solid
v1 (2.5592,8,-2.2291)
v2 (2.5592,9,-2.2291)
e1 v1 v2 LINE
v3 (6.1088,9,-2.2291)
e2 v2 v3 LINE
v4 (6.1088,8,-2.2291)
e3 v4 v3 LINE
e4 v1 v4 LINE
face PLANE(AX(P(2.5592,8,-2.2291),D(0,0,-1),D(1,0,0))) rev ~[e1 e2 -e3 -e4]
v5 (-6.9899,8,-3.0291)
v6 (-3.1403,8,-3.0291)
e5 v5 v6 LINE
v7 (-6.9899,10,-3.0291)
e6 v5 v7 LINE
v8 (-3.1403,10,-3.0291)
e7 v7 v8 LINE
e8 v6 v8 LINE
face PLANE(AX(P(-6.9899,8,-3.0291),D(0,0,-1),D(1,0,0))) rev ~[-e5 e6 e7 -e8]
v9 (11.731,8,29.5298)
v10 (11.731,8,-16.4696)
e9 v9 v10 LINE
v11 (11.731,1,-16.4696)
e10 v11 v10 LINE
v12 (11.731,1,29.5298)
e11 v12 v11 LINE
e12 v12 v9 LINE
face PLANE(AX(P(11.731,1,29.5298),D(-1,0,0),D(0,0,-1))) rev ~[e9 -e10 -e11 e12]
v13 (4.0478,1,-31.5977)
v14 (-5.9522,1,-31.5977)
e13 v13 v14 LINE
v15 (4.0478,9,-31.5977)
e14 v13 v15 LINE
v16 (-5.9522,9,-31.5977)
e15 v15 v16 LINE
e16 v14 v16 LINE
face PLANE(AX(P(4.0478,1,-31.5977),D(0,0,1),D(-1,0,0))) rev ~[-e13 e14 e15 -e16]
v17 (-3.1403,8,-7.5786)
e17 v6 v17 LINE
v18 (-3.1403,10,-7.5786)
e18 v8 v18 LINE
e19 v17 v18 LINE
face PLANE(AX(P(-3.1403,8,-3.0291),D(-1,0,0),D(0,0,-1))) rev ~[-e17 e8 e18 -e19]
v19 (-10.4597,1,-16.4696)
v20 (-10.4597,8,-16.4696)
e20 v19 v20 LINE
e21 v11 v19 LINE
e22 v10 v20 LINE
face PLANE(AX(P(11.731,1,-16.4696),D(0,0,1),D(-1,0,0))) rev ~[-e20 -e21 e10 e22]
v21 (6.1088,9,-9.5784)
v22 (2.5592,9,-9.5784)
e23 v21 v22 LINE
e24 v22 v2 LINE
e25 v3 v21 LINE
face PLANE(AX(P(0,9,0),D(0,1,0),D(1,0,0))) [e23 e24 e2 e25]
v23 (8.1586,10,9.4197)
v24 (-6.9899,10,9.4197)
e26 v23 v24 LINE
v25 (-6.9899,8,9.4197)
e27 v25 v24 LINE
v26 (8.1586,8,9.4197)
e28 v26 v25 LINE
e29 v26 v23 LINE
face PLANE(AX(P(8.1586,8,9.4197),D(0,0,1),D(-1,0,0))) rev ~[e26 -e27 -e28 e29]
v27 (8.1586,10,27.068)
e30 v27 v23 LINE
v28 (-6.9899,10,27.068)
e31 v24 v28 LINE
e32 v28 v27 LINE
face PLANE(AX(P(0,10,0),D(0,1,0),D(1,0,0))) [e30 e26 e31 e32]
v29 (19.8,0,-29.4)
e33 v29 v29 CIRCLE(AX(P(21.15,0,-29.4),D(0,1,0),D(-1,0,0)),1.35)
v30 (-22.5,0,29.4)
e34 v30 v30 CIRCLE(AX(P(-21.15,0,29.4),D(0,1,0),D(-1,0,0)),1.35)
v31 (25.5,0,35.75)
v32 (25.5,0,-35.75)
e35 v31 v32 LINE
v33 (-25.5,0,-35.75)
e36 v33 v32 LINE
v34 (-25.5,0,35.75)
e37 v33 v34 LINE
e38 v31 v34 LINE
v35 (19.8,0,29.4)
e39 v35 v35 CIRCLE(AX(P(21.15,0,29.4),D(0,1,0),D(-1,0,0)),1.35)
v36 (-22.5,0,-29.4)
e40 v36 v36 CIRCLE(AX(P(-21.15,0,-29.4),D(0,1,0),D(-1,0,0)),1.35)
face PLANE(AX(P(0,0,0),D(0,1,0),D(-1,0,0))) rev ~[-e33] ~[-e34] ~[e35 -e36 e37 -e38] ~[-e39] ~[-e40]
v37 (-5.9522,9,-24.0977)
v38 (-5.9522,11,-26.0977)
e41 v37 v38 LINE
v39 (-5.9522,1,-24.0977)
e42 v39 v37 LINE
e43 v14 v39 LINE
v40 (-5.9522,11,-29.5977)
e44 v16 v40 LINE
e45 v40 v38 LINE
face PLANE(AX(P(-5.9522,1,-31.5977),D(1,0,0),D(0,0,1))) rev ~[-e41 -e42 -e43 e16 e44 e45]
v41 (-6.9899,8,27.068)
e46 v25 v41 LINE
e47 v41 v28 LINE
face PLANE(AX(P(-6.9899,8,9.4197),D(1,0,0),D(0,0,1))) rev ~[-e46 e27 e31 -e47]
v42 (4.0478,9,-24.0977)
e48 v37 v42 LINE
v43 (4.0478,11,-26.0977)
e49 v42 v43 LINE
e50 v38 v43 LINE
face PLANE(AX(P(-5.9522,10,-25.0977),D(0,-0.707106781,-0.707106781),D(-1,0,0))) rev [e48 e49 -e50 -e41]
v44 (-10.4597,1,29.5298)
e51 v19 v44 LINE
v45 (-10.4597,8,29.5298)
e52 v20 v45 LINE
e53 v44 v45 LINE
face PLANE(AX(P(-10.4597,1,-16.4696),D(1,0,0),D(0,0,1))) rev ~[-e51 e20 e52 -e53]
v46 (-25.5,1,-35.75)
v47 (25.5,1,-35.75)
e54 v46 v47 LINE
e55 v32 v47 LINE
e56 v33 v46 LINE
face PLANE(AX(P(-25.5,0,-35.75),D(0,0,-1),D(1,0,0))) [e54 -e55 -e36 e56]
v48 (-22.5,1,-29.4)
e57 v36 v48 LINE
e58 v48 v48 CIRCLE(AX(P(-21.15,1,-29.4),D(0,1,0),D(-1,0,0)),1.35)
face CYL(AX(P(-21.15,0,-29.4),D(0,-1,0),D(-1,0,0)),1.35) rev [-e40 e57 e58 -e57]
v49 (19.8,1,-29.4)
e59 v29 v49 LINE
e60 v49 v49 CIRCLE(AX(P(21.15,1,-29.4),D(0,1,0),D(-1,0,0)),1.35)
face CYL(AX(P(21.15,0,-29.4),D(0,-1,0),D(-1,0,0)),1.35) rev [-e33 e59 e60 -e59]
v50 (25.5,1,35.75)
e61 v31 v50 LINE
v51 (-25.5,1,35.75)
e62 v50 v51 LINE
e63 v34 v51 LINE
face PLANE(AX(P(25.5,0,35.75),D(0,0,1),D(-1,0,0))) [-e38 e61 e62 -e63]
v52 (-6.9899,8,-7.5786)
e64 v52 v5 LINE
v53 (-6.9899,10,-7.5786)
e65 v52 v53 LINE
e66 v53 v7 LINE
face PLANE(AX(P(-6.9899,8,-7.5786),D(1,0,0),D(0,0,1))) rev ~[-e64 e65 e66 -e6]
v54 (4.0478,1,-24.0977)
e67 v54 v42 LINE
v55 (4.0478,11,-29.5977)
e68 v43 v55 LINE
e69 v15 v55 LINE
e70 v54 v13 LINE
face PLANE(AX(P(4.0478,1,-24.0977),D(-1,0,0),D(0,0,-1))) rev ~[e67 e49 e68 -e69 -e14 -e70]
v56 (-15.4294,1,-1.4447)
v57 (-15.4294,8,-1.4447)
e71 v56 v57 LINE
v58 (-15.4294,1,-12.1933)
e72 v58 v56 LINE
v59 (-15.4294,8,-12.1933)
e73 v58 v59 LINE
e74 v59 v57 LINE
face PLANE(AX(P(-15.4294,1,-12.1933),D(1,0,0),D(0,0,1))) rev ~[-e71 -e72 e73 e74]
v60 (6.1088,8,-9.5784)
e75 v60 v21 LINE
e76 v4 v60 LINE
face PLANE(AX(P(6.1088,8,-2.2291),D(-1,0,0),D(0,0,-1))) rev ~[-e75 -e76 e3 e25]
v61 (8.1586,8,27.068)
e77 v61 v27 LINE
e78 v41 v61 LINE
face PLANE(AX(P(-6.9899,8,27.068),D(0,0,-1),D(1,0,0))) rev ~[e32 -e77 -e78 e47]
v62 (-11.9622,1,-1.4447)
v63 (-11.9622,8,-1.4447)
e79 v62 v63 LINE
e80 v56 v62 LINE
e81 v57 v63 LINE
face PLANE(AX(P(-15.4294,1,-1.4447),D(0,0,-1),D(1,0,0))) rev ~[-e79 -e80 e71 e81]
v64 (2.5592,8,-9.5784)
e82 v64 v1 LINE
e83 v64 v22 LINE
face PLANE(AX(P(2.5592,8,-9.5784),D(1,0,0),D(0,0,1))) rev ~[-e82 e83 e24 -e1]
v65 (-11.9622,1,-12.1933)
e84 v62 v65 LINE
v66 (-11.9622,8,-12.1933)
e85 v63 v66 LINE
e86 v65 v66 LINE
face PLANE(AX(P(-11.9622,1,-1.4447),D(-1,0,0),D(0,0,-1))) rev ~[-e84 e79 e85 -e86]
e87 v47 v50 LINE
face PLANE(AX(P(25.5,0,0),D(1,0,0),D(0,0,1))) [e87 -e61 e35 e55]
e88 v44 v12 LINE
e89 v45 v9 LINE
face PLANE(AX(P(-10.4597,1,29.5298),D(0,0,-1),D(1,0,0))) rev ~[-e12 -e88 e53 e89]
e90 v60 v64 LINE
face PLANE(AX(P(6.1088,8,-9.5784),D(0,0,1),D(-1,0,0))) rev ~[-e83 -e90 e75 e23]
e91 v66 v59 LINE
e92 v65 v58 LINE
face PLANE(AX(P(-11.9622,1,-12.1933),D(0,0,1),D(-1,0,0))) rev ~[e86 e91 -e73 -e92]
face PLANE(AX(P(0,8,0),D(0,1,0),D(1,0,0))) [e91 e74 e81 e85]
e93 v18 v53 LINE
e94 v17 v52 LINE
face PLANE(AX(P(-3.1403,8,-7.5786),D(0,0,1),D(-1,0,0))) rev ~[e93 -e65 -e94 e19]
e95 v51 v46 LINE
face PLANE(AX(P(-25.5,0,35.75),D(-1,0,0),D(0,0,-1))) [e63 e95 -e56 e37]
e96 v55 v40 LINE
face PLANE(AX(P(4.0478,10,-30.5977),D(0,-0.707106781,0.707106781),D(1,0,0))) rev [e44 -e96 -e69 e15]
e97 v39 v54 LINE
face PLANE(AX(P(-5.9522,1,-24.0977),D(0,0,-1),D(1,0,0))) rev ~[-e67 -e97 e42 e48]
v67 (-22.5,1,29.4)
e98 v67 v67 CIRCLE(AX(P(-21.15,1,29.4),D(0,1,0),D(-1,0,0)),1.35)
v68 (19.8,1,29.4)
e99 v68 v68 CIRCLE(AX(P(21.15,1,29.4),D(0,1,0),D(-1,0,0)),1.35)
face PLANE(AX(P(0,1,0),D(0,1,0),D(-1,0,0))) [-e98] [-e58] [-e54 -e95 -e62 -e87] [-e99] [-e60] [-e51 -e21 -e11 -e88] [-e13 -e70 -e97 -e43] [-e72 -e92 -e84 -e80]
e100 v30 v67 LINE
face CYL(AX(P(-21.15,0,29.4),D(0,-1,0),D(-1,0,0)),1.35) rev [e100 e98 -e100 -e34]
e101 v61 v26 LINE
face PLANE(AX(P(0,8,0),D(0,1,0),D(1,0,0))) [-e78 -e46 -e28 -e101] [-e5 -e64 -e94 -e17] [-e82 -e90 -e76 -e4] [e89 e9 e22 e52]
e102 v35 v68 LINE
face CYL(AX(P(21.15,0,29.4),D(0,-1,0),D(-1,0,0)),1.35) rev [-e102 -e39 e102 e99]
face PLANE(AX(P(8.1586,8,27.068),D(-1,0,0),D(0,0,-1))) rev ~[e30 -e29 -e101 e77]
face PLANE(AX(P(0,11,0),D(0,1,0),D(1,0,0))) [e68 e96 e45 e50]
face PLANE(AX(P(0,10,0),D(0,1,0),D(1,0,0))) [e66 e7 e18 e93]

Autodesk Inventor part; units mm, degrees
ref_plane "YZ Plane" through (0, 0, 0) normal (1, 0, 0) x (0, 1, 0)
ref_plane "XZ Plane" through (0, 0, 0) normal (0, 1, 0) x (-1, 0, 0)
ref_plane "XY Plane" through (0, 0, 0) normal (0, 0, 1) x (1, 0, 0)
sketch "Esboço1" plane through (0, 0, 0) normal (0, 1, 0) x (-1, 0, 0)
  line L0 (-25.5, 35.75) -> (25.5, 35.75)
  line L1 (25.5, 35.75) -> (25.5, -35.75)
  line L2 (25.5, -35.75) -> (-25.5, -35.75)
  line L3 (-25.5, -35.75) -> (-25.5, 35.75)
  line L4 (-25.5, 35.75) -> (25.5, -35.75) construction
  line L5 (25.5, 35.75) -> (-25.5, -35.75) construction
  circle A0 centre (21.15, 29.4) radius 1.35
  circle A1 centre (-21.15, 29.4) radius 1.35
  line L6 (35.4001, 0) -> (-36.6047, 0)
  circle A2 centre (21.15, -29.4) radius 1.35
  circle A3 centre (-21.15, -29.4) radius 1.35
  point P0 (0, 0)
  dimension "d0" = 51
  dimension "d1" = 71.5
  dimension "d2" = 2.7
  dimension "d3" = 3
  dimension "d4" = 5
  dimension "d5" = 2.7
  dimension "d6" = 5
  dimension "d7" = 3
extrude "Extrusão1" add sketch "Esboço1" along normal blind 1
sketch "Esboço2" plane through (0, 1, 0) normal (0, 1, 0) x (1, 0, 0)
  line L0 (-25.5, 35.75) -> (-25.5, -35.75) projected
  line L1 (-25.5, -35.75) -> (25.5, -35.75) projected
  line L2 (25.5, 35.75) -> (-25.5, 35.75) projected
  line L3 (25.5, -35.75) -> (25.5, 35.75) projected
  line L4 (-10.4597, -29.5298) -> (11.731, -29.5298)
  line L5 (11.731, -29.5298) -> (11.731, 16.4696)
  line L6 (11.731, 16.4696) -> (-10.4597, 16.4696)
  line L7 (-10.4597, 16.4696) -> (-10.4597, -29.5298)
  line L8 (-15.4294, 1.4447) -> (-11.9622, 1.4447)
  line L9 (-11.9622, 1.4447) -> (-11.9622, 12.1933)
  line L10 (-11.9622, 12.1933) -> (-15.4294, 12.1933)
  line L11 (-15.4294, 12.1933) -> (-15.4294, 1.4447)
  line L12 (-5.9522, 24.0977) -> (4.0478, 24.0977)
  line L13 (4.0478, 24.0977) -> (4.0478, 31.5977)
  line L14 (4.0478, 31.5977) -> (-5.9522, 31.5977)
  line L15 (-5.9522, 31.5977) -> (-5.9522, 24.0977)
  point P0 (0, 0)
  dimension "d12" = 10
  dimension "d13" = 7.5
extrude "Extrusão2" add sketch "Esboço2" along normal blind 7 contours L7 L6 L5 L4 | L11 L10 L9 L8
extrude "Extrusão3" add sketch "Esboço2" along normal blind 10 contours L15 L14 L13 L12
chamfer "Chanfro1" distance 2 angle 45 2 edges at (-0.9522, 11, -24.0977) (-0.9522, 11, -31.5977)
sketch "Esboço3" plane through (0, 8, 0) normal (0, 1, 0) x (1, 0, 0)
  line L0 (-10.4597, 16.4696) -> (-10.4597, -29.5298) projected
  line L1 (-10.4597, -29.5298) -> (11.731, -29.5298) projected
  line L2 (11.731, 16.4696) -> (-10.4597, 16.4696) projected
  line L3 (11.731, -29.5298) -> (11.731, 16.4696) projected
  line L4 (-6.9899, -27.068) -> (8.1586, -27.068)
  line L5 (8.1586, -27.068) -> (8.1586, -9.4197)
  line L6 (8.1586, -9.4197) -> (-6.9899, -9.4197)
  line L7 (-6.9899, -9.4197) -> (-6.9899, -27.068)
  line L8 (-6.9899, 3.0291) -> (-3.1403, 3.0291)
  line L9 (-3.1403, 3.0291) -> (-3.1403, 7.5786)
  line L10 (-3.1403, 7.5786) -> (-6.9899, 7.5786)
  line L11 (-6.9899, 7.5786) -> (-6.9899, 3.0291)
  line L12 (2.5592, 2.2291) -> (6.1088, 2.2291)
  line L13 (6.1088, 2.2291) -> (6.1088, 9.5784)
  line L14 (6.1088, 9.5784) -> (2.5592, 9.5784)
  line L15 (2.5592, 9.5784) -> (2.5592, 2.2291)
  point P0 (0, 0)
extrude "Extrusão4" add sketch "Esboço3" along normal blind 2 contours L7 L6 L5 L4 | L11 L10 L9 L8
extrude "Extrusão5" add sketch "Esboço3" along normal blind 1 contours L15 L14 L13 L12
properties part number "PCB"
